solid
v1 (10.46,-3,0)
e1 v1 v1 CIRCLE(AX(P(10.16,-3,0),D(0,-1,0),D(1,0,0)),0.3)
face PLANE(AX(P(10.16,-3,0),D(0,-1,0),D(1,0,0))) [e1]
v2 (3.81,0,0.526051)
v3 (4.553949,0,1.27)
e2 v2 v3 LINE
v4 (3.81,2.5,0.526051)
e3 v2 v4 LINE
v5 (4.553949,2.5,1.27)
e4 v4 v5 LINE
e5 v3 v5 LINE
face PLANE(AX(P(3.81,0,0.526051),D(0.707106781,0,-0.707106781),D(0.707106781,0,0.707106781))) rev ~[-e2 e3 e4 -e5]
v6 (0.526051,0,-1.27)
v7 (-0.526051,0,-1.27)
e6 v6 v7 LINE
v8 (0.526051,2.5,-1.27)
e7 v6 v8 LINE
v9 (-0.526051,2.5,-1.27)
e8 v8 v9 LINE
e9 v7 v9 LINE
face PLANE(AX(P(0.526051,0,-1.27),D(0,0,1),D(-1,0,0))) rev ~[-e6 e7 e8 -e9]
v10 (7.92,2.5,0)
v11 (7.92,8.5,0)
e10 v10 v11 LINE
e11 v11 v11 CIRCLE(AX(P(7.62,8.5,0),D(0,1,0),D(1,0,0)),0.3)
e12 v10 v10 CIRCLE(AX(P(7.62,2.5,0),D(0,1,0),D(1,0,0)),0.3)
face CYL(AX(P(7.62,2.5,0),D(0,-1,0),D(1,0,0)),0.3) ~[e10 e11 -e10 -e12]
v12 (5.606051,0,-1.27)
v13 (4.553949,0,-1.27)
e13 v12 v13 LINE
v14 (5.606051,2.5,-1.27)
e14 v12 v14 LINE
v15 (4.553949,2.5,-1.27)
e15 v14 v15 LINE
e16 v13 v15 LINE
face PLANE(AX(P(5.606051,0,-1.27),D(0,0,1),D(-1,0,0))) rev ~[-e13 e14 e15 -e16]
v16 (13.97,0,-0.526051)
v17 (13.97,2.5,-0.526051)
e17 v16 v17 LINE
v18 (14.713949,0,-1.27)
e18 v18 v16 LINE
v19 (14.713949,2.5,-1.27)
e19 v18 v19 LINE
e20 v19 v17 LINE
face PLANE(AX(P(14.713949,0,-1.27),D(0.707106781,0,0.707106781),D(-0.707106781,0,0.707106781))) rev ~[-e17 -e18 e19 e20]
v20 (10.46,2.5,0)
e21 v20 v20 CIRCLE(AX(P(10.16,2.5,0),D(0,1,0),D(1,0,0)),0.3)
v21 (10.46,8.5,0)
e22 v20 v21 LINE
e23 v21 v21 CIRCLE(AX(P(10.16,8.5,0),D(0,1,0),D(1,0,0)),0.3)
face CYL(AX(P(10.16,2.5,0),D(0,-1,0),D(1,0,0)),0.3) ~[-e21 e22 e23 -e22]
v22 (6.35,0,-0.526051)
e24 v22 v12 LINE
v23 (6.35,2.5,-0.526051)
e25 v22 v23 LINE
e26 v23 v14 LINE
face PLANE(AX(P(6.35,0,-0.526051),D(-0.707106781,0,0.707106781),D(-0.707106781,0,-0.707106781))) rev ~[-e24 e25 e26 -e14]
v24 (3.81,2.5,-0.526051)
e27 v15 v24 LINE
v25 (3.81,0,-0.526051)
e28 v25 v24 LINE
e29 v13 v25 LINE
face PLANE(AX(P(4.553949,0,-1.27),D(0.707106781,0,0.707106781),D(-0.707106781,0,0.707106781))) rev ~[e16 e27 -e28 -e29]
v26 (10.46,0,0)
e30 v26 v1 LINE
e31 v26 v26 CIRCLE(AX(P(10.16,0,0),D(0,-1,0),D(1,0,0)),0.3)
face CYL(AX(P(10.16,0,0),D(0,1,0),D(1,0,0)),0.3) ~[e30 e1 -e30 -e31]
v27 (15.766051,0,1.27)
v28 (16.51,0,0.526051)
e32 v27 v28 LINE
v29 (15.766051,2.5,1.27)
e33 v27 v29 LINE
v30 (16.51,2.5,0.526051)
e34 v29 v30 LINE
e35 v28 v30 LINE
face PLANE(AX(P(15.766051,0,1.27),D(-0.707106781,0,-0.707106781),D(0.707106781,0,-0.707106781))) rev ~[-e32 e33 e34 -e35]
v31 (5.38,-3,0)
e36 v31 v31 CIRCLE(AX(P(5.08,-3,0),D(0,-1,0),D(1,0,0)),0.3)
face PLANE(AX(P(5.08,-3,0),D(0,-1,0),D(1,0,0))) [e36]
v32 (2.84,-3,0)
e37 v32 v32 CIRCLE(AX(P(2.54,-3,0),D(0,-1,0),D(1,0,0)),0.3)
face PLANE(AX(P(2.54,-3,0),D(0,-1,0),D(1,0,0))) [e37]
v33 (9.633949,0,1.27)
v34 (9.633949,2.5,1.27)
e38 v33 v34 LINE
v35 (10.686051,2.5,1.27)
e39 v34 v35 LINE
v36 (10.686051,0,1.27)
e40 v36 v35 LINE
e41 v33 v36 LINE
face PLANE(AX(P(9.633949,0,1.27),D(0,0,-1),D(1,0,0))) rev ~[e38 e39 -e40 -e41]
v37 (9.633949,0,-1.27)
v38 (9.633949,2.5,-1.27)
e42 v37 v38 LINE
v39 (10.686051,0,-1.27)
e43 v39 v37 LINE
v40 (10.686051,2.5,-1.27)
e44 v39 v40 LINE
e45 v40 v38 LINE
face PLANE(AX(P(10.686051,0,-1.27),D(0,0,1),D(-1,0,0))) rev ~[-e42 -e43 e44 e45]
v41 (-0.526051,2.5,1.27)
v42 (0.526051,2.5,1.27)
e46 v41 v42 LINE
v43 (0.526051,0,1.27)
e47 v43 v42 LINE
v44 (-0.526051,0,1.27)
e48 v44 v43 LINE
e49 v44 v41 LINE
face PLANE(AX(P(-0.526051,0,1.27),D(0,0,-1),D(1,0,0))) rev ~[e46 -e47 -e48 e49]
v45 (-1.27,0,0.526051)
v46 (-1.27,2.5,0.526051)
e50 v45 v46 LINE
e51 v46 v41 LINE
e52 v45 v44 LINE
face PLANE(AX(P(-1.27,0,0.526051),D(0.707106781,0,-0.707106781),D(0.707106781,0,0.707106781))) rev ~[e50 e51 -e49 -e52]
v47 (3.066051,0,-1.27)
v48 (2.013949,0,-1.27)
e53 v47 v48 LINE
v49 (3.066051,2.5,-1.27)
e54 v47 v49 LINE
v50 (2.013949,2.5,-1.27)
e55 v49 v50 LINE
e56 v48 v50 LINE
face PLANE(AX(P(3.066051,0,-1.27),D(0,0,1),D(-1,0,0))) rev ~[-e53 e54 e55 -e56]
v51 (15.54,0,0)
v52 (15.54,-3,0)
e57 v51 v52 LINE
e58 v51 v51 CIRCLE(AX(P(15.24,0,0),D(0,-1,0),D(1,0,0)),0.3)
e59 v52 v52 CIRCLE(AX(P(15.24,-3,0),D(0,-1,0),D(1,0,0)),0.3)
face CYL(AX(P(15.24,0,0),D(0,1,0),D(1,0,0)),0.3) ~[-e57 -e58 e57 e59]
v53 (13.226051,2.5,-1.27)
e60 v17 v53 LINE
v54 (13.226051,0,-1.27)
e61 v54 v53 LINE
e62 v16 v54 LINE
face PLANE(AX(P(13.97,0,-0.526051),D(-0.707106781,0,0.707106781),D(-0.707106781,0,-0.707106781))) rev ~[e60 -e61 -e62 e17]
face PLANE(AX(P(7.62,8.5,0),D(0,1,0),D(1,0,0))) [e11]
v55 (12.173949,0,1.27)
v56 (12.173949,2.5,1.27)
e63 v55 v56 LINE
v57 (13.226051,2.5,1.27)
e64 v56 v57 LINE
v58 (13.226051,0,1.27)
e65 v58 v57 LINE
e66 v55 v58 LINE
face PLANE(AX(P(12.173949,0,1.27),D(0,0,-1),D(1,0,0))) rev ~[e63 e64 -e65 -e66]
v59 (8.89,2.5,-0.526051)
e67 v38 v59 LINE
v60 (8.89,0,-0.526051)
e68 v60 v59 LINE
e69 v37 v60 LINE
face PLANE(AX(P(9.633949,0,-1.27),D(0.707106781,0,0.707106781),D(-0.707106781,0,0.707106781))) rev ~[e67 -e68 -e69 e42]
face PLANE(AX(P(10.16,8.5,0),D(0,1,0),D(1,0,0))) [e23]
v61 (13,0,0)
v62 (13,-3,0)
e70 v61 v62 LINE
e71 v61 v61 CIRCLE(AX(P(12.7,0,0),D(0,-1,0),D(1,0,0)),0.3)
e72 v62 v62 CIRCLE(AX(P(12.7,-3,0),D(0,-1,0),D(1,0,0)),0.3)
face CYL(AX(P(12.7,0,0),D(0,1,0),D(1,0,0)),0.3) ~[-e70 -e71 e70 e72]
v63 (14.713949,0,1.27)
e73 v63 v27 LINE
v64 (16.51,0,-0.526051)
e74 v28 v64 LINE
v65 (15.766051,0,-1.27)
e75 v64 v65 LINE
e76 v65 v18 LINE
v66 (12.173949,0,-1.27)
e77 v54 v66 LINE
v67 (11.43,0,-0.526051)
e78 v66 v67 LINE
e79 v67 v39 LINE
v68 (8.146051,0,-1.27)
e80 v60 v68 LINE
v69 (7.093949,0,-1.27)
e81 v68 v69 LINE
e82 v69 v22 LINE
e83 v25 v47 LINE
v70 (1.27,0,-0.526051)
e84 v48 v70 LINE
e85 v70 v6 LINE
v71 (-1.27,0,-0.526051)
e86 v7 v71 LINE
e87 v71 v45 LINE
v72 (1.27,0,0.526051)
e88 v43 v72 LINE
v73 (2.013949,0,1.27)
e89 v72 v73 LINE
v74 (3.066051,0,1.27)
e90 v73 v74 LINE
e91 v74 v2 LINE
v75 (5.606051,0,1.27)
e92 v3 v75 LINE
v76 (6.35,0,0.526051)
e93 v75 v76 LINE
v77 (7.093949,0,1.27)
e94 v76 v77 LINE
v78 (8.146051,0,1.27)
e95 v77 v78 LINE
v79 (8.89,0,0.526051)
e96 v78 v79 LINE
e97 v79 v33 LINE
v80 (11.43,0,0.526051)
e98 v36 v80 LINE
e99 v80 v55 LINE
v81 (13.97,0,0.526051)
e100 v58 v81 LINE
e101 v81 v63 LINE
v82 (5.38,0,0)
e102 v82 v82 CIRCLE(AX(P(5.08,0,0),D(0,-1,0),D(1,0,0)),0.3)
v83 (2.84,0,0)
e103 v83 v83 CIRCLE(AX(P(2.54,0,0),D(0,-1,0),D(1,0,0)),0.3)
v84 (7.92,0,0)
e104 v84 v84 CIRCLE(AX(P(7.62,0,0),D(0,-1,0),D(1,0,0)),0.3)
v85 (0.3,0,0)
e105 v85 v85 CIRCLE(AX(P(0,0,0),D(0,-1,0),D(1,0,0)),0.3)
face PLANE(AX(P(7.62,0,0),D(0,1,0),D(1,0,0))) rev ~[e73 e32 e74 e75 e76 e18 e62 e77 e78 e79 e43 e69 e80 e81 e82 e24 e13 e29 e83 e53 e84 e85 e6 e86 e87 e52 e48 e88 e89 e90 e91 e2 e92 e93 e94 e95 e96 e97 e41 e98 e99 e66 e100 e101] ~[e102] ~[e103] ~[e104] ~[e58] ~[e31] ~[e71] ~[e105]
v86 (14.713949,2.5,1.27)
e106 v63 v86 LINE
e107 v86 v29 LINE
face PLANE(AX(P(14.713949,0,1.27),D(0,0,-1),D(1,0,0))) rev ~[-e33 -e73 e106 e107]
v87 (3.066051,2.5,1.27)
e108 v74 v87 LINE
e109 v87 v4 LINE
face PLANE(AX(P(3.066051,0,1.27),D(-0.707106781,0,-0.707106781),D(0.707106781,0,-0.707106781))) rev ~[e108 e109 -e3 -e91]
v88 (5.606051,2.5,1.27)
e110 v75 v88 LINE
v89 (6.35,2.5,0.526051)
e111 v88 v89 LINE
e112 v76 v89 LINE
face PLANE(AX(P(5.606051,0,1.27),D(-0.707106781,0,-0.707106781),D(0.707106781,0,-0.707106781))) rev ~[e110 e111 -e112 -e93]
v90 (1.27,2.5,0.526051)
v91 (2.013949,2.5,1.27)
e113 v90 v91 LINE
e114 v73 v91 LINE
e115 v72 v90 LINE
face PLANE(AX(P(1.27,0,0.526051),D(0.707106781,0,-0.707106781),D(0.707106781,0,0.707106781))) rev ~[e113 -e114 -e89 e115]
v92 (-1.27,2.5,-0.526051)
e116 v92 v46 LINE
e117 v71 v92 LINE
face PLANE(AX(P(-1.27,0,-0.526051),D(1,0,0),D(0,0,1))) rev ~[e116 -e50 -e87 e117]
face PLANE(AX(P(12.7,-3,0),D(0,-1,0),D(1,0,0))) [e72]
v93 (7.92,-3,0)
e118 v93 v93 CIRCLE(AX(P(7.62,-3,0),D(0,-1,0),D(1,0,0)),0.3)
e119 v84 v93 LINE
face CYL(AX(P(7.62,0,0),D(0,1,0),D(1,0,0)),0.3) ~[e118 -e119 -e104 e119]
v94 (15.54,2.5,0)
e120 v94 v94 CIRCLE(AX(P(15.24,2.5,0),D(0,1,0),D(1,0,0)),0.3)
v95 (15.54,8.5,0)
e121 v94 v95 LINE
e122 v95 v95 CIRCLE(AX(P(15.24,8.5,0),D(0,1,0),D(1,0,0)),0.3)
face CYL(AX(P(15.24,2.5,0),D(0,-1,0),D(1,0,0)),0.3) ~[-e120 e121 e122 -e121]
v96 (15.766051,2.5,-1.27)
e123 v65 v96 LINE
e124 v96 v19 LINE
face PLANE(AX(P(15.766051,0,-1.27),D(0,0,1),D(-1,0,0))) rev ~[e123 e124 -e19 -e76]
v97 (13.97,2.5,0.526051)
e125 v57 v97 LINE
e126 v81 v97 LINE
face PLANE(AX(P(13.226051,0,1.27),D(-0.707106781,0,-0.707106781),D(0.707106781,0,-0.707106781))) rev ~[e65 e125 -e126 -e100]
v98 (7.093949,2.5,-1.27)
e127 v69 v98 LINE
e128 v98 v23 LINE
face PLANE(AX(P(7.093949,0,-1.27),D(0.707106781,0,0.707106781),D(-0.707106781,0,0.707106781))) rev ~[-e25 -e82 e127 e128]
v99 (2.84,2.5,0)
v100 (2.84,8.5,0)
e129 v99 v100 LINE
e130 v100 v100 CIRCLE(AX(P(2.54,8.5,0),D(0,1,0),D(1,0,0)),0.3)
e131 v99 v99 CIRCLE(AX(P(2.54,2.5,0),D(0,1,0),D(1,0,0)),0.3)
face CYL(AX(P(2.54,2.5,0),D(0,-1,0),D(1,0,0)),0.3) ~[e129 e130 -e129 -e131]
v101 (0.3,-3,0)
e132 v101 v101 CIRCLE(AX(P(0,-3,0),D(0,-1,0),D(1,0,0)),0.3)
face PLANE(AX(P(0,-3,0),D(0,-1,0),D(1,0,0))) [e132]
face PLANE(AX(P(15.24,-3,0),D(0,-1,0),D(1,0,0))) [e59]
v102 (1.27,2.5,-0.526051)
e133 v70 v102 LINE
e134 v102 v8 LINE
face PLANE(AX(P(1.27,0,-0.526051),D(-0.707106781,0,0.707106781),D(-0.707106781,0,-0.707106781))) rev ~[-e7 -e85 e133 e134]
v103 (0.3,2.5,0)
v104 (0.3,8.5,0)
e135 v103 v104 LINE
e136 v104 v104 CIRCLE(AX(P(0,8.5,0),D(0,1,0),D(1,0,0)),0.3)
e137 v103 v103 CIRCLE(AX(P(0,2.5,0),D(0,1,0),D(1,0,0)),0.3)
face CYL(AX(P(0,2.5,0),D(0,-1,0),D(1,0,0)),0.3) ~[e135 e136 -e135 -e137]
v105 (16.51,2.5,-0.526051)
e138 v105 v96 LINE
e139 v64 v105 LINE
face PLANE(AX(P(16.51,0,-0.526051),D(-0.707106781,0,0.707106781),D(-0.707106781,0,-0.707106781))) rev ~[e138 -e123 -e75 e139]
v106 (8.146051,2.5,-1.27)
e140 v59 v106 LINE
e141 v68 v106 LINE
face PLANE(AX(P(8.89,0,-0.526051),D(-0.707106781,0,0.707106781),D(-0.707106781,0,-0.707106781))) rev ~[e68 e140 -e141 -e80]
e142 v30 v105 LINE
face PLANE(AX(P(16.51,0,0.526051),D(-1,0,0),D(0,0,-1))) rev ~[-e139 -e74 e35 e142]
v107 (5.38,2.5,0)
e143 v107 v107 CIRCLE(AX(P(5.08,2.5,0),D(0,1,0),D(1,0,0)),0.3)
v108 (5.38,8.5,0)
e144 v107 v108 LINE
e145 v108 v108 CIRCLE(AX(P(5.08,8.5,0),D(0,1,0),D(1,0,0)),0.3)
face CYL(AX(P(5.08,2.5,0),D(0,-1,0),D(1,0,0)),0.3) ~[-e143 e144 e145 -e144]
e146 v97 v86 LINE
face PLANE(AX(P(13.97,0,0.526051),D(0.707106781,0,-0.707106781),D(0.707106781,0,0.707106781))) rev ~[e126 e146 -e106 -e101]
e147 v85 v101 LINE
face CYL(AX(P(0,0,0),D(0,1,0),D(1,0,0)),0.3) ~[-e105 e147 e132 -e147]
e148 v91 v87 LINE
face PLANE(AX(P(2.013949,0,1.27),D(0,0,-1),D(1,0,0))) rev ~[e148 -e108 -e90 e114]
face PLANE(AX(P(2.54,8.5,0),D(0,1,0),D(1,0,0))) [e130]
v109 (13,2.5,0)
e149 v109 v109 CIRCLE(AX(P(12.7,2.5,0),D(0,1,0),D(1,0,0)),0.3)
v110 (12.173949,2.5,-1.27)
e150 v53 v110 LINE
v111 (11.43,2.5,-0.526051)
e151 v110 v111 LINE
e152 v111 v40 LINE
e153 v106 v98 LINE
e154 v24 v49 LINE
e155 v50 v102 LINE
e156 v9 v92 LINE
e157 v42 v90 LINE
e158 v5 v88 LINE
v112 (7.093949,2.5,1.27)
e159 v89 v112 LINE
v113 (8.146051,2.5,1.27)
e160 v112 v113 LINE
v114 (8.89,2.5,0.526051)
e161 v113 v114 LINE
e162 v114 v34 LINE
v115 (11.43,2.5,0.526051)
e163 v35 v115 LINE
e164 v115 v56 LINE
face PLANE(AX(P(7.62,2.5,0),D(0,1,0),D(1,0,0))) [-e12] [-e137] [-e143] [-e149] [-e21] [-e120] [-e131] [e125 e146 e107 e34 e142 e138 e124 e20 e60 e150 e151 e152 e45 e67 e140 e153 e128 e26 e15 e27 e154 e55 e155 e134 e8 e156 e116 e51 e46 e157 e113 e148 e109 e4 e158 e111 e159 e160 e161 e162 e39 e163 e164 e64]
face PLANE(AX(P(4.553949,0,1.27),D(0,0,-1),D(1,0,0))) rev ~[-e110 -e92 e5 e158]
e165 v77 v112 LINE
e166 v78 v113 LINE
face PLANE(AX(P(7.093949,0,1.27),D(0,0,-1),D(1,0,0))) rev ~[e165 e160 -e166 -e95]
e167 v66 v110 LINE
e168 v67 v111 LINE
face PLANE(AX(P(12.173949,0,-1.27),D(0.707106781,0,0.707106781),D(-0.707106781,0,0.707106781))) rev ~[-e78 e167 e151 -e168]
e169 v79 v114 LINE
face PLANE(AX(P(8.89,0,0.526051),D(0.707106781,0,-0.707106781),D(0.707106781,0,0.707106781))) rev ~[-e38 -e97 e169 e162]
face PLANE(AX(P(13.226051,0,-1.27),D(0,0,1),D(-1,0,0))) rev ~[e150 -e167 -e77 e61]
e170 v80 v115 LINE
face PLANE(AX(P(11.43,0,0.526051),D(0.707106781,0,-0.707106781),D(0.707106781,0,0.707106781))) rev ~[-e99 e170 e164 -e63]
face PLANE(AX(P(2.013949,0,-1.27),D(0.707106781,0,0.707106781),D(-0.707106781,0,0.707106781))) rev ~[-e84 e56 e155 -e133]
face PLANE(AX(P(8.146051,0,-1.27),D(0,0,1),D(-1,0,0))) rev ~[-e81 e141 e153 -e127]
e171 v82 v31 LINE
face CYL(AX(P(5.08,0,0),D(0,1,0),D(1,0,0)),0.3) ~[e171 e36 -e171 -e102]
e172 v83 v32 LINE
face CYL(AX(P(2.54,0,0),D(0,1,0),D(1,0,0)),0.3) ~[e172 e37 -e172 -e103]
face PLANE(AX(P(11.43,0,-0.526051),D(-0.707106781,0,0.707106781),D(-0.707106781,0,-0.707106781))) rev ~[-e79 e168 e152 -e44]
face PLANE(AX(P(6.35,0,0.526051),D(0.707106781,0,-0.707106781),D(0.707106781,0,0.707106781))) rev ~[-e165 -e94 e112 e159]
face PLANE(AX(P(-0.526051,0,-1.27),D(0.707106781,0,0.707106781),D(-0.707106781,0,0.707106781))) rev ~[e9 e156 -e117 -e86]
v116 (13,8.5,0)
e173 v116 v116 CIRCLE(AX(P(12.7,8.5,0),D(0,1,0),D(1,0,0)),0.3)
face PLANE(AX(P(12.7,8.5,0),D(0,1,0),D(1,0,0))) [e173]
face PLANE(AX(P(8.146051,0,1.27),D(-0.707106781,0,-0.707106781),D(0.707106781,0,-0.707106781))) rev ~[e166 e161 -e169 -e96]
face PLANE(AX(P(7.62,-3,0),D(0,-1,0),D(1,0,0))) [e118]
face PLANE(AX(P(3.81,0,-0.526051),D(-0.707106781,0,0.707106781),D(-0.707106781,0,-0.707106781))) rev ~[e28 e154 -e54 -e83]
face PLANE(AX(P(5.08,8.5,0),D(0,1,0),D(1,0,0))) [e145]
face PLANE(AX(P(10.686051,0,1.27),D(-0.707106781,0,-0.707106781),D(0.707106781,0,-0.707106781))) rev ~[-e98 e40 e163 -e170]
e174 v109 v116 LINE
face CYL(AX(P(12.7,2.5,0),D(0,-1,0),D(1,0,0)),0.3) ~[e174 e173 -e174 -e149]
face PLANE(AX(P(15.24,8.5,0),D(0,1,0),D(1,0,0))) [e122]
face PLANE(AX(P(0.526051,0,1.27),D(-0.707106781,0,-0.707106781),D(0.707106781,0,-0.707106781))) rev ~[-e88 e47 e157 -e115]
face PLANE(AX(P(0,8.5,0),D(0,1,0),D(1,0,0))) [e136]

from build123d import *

# Parameters (mm, degrees)
EXTRUDE_1_DEPTH = 2.5
SKETCH_2_R      = 0.3
EXTRUDE_2_DEPTH = 6
SKETCH_3_R      = 0.3
EXTRUDE_3_DEPTH = 3


with BuildPart() as part:
    # Эскиз1 → Бобышка-Вытянуть1 (new body)
    with BuildSketch(Plane(origin=(0, 0, 0), x_dir=(1, 0, 0), z_dir=(0, 1, 0))):
        Polygon((16.51, -0.526051224), (16.51, 0.526051224), (15.766051224, 1.27), (14.713948776, 1.27), (13.97, 0.526051224), (13.226051224, 1.27), (12.173948776, 1.27), (11.43, 0.526051224), (10.686051224, 1.27), (9.633948776, 1.27), (8.89, 0.526051224), (8.146051224, 1.27), (7.093948776, 1.27), (6.35, 0.526051224), (5.606051224, 1.27), (4.553948776, 1.27), (3.81, 0.526051224), (3.066051224, 1.27), (2.013948776, 1.27), (1.27, 0.526051224), (0.526051224, 1.27), (-0.526051224, 1.27), (-1.27, 0.526051224), (-1.27, -0.526051224), (-0.526051224, -1.27), (0.526051224, -1.27), (1.27, -0.526051224), (2.013948776, -1.27), (3.066051224, -1.27), (3.81, -0.526051224), (4.553948776, -1.27), (5.606051224, -1.27), (6.35, -0.526051224), (7.093948776, -1.27), (8.146051224, -1.27), (8.89, -0.526051224), (9.633948776, -1.27), (10.686051224, -1.27), (11.43, -0.526051224), (12.173948776, -1.27), (13.226051224, -1.27), (13.97, -0.526051224), (14.713948776, -1.27), (15.766051224, -1.27), align=None)
    extrude(amount=EXTRUDE_1_DEPTH)

    # Эскиз2 → Бобышка-Вытянуть2 (add)
    with BuildSketch(Plane(origin=(0, 2.5, 0), x_dir=(1, 0, 0), z_dir=(0, 1, 0))):
        Circle(SKETCH_2_R)
        with Locations((2.54, 0)):
            Circle(SKETCH_2_R)
        with Locations((5.08, 0)):
            Circle(SKETCH_2_R)
        with Locations((7.62, 0)):
            Circle(SKETCH_2_R)
        with Locations((10.16, 0)):
            Circle(SKETCH_2_R)
        with Locations((12.7, 0)):
            Circle(SKETCH_2_R)
        with Locations((15.24, 0)):
            Circle(SKETCH_2_R)
    extrude(amount=EXTRUDE_2_DEPTH)

    # Эскиз3 → Бобышка-Вытянуть3 (add)
    with BuildSketch(Plane.XZ):
        Circle(SKETCH_3_R)
        with Locations((2.54, 0)):
            Circle(SKETCH_3_R)
        with Locations((5.08, 0)):
            Circle(SKETCH_3_R)
        with Locations((7.62, 0)):
            Circle(SKETCH_3_R)
        with Locations((10.16, 0)):
            Circle(SKETCH_3_R)
        with Locations((12.7, 0)):
            Circle(SKETCH_3_R)
        with Locations((15.24, 0)):
            Circle(SKETCH_3_R)
    extrude(amount=EXTRUDE_3_DEPTH)


solid = part.part
